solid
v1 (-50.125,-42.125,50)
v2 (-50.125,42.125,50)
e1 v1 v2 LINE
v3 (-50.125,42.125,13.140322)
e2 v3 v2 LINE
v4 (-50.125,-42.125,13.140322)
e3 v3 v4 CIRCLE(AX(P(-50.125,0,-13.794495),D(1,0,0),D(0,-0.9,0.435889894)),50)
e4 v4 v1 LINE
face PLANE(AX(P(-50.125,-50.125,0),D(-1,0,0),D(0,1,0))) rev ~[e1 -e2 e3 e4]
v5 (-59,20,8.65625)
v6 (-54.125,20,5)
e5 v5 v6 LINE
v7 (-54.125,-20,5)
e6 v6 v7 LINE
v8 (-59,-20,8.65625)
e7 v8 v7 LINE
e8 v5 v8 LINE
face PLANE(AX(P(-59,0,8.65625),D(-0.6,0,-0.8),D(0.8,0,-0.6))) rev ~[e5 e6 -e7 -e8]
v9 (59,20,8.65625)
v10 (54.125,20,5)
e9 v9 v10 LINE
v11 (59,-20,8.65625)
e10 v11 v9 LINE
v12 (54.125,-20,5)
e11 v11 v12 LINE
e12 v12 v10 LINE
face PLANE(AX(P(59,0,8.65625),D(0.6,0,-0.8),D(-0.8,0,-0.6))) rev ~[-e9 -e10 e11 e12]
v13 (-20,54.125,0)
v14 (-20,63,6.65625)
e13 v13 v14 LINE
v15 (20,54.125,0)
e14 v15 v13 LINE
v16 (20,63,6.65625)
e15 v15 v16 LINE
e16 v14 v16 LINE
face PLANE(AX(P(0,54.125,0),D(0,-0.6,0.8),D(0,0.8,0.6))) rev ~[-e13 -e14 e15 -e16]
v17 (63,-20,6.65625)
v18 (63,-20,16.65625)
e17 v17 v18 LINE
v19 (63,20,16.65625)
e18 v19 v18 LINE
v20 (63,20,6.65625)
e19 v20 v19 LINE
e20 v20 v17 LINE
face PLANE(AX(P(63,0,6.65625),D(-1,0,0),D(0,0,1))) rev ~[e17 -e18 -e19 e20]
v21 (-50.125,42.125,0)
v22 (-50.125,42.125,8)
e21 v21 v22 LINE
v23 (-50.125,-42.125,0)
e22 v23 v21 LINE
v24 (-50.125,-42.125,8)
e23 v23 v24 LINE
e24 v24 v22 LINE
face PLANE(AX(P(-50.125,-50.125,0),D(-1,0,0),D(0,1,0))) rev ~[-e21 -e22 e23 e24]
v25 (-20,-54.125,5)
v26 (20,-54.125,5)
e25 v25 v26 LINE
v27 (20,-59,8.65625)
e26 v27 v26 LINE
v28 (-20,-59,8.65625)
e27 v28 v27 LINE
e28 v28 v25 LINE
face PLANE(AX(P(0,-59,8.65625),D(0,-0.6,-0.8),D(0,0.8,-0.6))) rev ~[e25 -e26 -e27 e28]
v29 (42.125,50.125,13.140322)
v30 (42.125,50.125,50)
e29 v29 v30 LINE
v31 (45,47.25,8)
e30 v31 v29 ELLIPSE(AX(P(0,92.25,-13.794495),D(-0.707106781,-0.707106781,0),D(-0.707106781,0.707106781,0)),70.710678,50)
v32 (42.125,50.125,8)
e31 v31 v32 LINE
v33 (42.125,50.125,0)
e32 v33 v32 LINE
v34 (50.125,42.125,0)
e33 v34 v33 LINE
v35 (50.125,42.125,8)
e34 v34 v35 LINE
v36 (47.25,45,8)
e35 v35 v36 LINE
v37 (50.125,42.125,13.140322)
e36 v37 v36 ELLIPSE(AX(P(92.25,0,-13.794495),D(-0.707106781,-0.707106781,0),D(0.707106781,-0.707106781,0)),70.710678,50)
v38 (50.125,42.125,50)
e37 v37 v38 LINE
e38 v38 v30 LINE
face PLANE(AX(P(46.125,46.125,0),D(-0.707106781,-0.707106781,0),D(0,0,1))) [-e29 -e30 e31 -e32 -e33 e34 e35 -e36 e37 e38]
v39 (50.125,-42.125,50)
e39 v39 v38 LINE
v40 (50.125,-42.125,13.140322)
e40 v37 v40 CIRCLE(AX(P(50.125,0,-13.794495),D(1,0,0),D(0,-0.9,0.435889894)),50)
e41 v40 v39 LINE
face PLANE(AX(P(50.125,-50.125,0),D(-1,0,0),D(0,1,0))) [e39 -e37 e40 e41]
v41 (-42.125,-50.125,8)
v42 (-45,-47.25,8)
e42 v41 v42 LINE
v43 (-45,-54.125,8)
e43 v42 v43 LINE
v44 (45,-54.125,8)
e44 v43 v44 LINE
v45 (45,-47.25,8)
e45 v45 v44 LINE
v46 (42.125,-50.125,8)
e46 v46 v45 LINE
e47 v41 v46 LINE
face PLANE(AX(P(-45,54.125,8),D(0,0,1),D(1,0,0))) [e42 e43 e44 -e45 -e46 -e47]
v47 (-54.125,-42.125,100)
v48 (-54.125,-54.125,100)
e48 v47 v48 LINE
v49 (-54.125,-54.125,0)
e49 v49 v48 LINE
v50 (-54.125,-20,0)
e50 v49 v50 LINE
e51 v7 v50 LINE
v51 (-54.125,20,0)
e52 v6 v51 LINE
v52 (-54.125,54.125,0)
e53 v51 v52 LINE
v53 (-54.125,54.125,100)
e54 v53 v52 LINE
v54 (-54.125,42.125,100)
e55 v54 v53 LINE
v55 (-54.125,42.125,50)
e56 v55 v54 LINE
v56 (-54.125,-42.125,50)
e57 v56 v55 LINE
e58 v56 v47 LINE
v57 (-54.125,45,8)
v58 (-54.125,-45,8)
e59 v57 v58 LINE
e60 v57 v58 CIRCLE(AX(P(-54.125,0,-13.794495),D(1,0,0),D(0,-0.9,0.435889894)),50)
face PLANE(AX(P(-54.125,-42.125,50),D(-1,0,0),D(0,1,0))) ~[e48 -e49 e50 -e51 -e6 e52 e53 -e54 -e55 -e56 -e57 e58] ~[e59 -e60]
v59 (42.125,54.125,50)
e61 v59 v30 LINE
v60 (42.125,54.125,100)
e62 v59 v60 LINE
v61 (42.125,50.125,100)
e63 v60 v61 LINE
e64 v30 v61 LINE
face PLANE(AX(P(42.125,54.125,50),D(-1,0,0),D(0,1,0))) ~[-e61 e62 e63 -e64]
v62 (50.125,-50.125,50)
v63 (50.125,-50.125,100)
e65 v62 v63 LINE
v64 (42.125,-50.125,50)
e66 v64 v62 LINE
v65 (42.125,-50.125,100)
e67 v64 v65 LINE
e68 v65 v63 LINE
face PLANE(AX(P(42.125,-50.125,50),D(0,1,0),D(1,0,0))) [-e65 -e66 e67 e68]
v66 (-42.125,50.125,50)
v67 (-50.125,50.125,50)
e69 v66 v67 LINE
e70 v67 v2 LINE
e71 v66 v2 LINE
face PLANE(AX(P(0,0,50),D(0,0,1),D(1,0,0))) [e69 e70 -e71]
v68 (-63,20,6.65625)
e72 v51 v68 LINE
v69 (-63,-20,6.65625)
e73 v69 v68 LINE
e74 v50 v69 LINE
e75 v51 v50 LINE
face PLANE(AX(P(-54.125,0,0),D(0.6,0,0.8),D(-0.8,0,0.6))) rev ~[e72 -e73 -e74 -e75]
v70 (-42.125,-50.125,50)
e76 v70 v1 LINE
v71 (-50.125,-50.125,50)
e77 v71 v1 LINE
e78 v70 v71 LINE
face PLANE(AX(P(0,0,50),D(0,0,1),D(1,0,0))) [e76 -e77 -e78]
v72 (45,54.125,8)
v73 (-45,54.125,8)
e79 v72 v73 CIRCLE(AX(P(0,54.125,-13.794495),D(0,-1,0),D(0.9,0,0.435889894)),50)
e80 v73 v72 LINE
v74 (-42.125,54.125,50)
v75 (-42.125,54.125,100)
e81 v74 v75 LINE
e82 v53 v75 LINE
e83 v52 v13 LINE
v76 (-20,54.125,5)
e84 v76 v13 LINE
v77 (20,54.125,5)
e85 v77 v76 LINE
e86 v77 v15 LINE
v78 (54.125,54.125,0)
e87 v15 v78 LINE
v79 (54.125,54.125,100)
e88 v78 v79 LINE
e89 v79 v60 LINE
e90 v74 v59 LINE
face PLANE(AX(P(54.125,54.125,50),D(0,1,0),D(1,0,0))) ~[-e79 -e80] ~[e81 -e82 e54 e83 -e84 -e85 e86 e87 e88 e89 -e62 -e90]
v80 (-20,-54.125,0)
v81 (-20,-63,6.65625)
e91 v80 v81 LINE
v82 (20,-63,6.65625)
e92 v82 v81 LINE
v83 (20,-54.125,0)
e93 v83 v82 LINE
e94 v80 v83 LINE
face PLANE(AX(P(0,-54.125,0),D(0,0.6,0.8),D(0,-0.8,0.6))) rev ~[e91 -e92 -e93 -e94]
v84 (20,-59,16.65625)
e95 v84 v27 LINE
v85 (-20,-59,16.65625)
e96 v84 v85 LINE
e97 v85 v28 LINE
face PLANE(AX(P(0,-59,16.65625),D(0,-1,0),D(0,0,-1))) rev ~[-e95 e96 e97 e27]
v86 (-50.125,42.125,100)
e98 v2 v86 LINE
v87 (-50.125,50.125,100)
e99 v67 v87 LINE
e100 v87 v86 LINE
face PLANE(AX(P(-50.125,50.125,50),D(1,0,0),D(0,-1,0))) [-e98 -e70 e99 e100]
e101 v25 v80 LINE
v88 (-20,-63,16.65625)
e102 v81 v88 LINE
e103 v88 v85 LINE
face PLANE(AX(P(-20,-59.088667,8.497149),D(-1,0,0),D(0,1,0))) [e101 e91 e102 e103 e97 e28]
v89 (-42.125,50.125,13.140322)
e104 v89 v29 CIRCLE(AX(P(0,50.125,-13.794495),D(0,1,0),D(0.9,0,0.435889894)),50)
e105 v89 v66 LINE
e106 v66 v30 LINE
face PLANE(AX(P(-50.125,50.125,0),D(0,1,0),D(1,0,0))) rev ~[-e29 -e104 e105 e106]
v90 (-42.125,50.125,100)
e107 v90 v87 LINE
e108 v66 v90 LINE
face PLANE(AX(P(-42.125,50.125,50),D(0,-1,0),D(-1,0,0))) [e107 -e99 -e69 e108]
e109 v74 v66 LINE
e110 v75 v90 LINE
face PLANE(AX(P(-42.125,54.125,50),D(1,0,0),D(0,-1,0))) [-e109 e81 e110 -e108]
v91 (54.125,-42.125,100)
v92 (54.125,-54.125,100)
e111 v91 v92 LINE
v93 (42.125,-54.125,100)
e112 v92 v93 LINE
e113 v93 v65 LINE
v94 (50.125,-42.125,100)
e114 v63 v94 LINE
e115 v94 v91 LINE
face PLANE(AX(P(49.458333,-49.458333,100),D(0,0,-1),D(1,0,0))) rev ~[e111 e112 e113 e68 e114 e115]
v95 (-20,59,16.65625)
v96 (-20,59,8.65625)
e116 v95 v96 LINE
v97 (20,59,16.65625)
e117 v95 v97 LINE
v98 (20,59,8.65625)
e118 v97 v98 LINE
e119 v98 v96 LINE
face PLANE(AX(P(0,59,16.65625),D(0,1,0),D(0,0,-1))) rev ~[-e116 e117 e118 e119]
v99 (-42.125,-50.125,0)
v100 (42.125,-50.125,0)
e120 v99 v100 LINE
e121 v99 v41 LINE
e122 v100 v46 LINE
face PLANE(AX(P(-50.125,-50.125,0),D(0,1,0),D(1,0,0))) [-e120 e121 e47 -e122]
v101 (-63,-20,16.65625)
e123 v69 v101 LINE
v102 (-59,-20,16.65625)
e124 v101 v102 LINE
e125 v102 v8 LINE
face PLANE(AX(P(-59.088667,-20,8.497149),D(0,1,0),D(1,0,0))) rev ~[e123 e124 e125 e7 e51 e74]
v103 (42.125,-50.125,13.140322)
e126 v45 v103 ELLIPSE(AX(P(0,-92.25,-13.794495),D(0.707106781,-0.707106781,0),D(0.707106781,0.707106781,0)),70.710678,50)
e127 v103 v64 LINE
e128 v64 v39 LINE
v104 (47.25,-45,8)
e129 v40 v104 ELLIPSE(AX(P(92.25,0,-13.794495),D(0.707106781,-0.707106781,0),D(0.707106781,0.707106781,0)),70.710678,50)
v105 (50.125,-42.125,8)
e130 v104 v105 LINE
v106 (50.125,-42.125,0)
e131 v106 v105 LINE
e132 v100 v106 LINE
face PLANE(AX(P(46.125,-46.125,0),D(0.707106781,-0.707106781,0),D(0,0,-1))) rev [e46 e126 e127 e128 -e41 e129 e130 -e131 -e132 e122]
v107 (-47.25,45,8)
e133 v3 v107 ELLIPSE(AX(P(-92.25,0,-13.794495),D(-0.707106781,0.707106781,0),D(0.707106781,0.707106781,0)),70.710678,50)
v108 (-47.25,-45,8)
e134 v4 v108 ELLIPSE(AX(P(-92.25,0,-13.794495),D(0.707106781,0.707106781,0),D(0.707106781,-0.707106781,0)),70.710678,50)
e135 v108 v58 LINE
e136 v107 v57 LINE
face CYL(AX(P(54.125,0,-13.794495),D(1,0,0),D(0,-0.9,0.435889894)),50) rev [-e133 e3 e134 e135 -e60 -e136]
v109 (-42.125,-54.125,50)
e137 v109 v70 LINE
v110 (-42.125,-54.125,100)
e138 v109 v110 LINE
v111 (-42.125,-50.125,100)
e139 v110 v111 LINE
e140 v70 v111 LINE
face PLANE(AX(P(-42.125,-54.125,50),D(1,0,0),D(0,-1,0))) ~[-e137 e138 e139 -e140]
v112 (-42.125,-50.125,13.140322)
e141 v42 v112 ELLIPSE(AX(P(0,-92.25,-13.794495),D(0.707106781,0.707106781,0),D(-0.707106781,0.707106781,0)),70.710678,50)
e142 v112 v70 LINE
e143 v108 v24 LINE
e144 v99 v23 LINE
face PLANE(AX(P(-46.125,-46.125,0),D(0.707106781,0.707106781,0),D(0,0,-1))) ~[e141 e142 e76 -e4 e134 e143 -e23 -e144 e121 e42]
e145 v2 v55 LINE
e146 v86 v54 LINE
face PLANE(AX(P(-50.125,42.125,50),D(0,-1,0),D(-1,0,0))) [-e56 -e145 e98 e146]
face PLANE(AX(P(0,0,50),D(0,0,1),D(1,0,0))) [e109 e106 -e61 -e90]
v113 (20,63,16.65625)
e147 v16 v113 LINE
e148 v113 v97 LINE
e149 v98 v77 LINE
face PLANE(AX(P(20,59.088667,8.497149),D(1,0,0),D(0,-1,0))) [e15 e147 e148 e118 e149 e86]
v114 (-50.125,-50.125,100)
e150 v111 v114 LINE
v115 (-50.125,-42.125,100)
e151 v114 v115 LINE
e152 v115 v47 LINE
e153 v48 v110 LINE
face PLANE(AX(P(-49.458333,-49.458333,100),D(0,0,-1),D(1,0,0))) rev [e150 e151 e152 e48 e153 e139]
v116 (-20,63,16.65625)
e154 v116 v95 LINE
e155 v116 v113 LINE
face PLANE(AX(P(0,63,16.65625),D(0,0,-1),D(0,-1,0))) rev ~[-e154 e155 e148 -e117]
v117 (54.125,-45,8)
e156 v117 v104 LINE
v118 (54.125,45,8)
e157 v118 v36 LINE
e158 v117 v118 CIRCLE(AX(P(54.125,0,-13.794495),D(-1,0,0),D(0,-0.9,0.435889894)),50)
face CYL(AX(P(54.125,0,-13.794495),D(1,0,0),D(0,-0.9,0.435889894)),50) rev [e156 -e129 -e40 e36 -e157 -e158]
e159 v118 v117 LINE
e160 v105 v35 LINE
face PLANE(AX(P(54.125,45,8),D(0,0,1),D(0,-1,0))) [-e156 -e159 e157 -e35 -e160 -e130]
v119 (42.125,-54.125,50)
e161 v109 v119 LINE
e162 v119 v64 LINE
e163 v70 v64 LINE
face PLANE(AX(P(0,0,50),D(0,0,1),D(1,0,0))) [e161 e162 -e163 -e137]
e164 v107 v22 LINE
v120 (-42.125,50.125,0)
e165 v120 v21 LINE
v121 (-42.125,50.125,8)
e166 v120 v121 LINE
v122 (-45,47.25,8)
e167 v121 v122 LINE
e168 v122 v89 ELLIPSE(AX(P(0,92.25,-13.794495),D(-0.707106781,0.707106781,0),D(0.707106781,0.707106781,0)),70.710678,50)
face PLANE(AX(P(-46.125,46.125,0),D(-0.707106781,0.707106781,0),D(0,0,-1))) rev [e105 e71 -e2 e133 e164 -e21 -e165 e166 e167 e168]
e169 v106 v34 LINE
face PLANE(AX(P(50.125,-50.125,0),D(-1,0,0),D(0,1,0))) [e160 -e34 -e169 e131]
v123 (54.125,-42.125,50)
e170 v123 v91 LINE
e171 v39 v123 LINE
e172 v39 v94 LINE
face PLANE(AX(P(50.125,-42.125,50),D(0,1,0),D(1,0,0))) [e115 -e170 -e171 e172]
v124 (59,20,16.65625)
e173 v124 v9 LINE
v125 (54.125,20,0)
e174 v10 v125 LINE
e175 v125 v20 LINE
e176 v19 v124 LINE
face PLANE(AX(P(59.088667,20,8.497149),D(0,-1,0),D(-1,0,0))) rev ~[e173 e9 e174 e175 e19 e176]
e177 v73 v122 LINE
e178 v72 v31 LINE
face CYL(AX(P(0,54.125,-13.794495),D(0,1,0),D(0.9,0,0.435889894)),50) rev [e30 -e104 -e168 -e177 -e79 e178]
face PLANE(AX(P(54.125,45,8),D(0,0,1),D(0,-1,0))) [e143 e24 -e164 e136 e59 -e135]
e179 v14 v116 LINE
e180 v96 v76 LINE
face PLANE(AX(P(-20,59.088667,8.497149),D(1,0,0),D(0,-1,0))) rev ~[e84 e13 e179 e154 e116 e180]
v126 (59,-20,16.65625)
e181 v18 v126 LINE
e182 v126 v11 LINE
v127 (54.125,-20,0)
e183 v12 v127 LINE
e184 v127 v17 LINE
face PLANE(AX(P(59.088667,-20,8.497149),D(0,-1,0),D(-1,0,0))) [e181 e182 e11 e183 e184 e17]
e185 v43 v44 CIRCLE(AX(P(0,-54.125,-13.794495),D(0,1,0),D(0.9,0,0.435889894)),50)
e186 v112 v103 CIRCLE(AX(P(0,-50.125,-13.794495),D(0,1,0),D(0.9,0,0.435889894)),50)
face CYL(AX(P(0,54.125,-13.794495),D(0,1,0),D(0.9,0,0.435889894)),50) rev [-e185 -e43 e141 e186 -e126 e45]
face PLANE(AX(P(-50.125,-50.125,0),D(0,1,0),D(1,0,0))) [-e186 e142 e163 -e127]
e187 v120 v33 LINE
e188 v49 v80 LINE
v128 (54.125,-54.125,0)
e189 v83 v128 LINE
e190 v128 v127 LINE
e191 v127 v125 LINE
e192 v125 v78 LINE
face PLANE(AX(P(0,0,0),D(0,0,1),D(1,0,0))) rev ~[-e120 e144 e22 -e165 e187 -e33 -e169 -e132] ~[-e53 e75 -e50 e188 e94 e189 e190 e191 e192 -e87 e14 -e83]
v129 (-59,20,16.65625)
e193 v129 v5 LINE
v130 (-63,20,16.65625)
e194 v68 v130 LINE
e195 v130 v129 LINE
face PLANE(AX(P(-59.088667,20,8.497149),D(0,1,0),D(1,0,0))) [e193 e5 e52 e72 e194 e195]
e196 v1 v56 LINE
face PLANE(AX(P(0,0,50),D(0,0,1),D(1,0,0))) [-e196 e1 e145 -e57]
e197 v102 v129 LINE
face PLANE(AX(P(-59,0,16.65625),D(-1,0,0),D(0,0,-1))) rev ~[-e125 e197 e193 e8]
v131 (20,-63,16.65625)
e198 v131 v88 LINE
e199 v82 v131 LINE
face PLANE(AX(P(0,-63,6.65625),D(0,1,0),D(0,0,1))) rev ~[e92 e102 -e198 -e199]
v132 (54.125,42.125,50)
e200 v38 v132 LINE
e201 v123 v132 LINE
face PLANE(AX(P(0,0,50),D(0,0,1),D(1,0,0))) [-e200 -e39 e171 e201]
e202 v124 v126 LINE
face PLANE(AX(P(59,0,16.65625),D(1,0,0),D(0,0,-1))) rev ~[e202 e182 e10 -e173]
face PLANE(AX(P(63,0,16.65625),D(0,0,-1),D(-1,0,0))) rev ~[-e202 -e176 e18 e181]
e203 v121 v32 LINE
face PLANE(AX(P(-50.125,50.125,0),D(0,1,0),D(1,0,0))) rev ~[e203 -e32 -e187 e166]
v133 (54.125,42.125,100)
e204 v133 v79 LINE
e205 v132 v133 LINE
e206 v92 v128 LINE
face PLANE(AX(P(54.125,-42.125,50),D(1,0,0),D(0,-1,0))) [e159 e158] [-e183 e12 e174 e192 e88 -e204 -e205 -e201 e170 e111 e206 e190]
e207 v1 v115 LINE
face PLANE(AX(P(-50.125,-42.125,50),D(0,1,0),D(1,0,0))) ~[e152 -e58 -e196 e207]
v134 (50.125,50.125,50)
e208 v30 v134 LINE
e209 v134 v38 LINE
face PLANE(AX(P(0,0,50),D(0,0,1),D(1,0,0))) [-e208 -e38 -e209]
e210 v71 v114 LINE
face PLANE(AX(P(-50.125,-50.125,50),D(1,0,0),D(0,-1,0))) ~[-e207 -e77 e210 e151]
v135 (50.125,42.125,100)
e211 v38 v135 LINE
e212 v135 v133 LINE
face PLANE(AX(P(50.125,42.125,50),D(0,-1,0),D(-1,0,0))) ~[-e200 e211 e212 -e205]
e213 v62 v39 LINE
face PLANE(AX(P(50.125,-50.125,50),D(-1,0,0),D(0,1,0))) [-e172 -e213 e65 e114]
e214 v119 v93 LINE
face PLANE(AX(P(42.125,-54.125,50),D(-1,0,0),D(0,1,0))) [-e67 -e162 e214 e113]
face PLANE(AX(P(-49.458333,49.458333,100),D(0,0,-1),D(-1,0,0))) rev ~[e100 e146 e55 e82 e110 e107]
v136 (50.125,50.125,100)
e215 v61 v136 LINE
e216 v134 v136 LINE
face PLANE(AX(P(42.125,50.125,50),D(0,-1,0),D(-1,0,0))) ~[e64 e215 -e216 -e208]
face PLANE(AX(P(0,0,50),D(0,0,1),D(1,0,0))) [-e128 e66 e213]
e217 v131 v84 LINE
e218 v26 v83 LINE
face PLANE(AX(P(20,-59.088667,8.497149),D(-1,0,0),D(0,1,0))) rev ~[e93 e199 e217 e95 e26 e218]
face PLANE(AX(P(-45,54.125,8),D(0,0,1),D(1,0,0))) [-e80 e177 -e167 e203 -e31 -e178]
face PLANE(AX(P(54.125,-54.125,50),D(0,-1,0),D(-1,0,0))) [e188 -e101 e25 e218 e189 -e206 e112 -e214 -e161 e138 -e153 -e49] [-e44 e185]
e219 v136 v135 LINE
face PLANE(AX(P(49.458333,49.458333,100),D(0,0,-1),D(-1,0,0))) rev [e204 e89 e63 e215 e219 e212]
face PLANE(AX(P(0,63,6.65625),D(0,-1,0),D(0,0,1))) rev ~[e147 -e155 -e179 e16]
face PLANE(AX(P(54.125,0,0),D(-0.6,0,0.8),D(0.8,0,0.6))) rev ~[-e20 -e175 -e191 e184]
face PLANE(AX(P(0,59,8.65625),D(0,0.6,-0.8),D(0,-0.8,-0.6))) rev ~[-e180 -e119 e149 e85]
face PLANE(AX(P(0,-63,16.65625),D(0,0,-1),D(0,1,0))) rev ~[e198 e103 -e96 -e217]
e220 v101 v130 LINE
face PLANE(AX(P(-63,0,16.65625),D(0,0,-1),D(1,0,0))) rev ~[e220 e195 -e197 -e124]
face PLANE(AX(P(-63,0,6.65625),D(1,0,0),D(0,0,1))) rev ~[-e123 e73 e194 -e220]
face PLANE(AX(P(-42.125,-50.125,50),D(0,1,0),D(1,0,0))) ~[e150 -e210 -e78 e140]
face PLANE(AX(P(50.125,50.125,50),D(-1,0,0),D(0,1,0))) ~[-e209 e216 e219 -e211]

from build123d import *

# Parameters (mm, degrees)
SKETCH1_W                                    = 108.25
SKETCH1_H                                    = 108.25
SKETCH1_W_2                                  = 100.25
SKETCH1_H_2                                  = 100.25
BASE_DEPTH                                   = 50
CHAMFER_2_SIZE                               = 8
WALL_BRACE_DEPTH                             = 20
WALL_BRACE_PATTERN_COUNT                     = 4
LATTICE_SUPPORT_ARM_DEPTH                    = 50
LATTICE_SUPPORT_ARM_MIRROR_AT_THE_SE_3_DEPTH = 50
ARCHES_1_REACH                               = 168.395
ARCHES_2_REACH                               = 168.395


with BuildPart() as part:
    # Sketch1 → Base (new body)
    with BuildSketch(Plane.XY):
        Rectangle(SKETCH1_W, SKETCH1_H)
        Rectangle(SKETCH1_W_2, SKETCH1_H_2, mode=Mode.SUBTRACT)
    extrude(amount=BASE_DEPTH)

    # Chamfer 2
    chamfer_2_edges = [part.edges().sort_by_distance(p)[0] for p in [
        (50.125, -50.125, 25),
        (50.125, 50.125, 25),
        (-50.125, 50.125, 25),
        (-50.125, -50.125, 25),
    ]]
    chamfer(chamfer_2_edges, length=CHAMFER_2_SIZE)

    # Sketch3 → Wall-Brace (add, symmetric)
    with BuildSketch(Plane(origin=(0, 0, 0), x_dir=(1, 0, 0), z_dir=(0, 1, 0))):
        Polygon((54.125, 0), (63, -6.65625), (63, -16.65625), (59, -16.65625), (59, -8.65625), (54.125, -5), align=None)
    wall_brace = extrude(amount=WALL_BRACE_DEPTH, both=True)

    # Wall-Brace-Pattern: Wall-Brace ×4 about axis
    wall_brace_pattern_axis = Axis((0, 0, 0), (0, 0, 1))
    for i in range(1, WALL_BRACE_PATTERN_COUNT):
        add(wall_brace.rotate(wall_brace_pattern_axis, i * 360 / WALL_BRACE_PATTERN_COUNT))

    # Sketch4 → Lattice-Support-Arm (add)
    with BuildSketch(Plane.XY.offset(50)):
        Polygon((-50.125, 42.125), (-54.125, 42.125), (-54.125, 54.125), (-42.125, 54.125), (-42.125, 50.125), (-50.125, 50.125), align=None)
    lattice_support_arm = extrude(amount=LATTICE_SUPPORT_ARM_DEPTH)

    # Lattice-Support-Arm-Mirror: Lattice-Support-Arm across plane
    add(lattice_support_arm.mirror(Plane(origin=(0, 0, 0), x_dir=(0, 0, 1), z_dir=(1, 0, 0))))

    # Lattice-Support-Arm-Mirror at the second: Lattice-Support-Arm across plane
    add(lattice_support_arm.mirror(Plane.ZX))

    # Lattice-Support-Arm-Mirror at the se 2 → Lattice-Support-Arm-Mirror at the se 3 (add)
    with BuildSketch(Plane(origin=(0, 0, 50), x_dir=(-1, 0, 0), z_dir=(0, 0, 1))):
        Polygon((-50.125, 42.125), (-54.125, 42.125), (-54.125, 54.125), (-42.125, 54.125), (-42.125, 50.125), (-50.125, 50.125), align=None)
    extrude(amount=LATTICE_SUPPORT_ARM_MIRROR_AT_THE_SE_3_DEPTH)

    # Arches-1: up to this face of the body (flat: up to its plane)
    arches_1_end = Plane(part.part.faces().sort_by_distance((-54.125, 0, 35.058479532))[0])
    # Sketch5 → Arches-1 (cut, up to the picked face)
    with BuildSketch(Plane.ZY.offset(-54.125), mode=Mode.PRIVATE) as arches_1_sk1:
        with BuildLine():
            Line((8, 45), (8, -45))
            ThreePointArc((8, -45), (36.205505282, 0), (8, 45))
        make_face()
    arches_1_tool1 = split(extrude(arches_1_sk1.sketch, amount=ARCHES_1_REACH, mode=Mode.PRIVATE), bisect_by=arches_1_end, keep=Keep.BOTH, mode=Mode.PRIVATE)
    add(arches_1_tool1.solids().sort_by(Axis((54.125, 0, 19.609008), (-1, 0, 0)))[0], mode=Mode.SUBTRACT)

    # Arches-2: up to this face of the body (flat: up to its plane)
    arches_2_end = Plane(part.part.faces().sort_by_distance((0, -54.125, 35.058479532))[0])
    # Sketch6 → Arches-2 (cut, up to the picked face)
    with BuildSketch(Plane(origin=(0, 54.125, 0), x_dir=(1, 0, 0), z_dir=(0, 1, 0)), mode=Mode.PRIVATE) as arches_2_sk1:
        with BuildLine():
            Line((-45, -8), (45, -8))
            ThreePointArc((45, -8), (0, -36.205505282), (-45, -8))
        make_face()
    arches_2_tool1 = split(extrude(arches_2_sk1.sketch, amount=-ARCHES_2_REACH, mode=Mode.PRIVATE), bisect_by=arches_2_end, keep=Keep.BOTH, mode=Mode.PRIVATE)
    add(arches_2_tool1.solids().sort_by(Axis((0, 54.125, 19.609008), (0, -1, 0)))[0], mode=Mode.SUBTRACT)


solid = part.part
